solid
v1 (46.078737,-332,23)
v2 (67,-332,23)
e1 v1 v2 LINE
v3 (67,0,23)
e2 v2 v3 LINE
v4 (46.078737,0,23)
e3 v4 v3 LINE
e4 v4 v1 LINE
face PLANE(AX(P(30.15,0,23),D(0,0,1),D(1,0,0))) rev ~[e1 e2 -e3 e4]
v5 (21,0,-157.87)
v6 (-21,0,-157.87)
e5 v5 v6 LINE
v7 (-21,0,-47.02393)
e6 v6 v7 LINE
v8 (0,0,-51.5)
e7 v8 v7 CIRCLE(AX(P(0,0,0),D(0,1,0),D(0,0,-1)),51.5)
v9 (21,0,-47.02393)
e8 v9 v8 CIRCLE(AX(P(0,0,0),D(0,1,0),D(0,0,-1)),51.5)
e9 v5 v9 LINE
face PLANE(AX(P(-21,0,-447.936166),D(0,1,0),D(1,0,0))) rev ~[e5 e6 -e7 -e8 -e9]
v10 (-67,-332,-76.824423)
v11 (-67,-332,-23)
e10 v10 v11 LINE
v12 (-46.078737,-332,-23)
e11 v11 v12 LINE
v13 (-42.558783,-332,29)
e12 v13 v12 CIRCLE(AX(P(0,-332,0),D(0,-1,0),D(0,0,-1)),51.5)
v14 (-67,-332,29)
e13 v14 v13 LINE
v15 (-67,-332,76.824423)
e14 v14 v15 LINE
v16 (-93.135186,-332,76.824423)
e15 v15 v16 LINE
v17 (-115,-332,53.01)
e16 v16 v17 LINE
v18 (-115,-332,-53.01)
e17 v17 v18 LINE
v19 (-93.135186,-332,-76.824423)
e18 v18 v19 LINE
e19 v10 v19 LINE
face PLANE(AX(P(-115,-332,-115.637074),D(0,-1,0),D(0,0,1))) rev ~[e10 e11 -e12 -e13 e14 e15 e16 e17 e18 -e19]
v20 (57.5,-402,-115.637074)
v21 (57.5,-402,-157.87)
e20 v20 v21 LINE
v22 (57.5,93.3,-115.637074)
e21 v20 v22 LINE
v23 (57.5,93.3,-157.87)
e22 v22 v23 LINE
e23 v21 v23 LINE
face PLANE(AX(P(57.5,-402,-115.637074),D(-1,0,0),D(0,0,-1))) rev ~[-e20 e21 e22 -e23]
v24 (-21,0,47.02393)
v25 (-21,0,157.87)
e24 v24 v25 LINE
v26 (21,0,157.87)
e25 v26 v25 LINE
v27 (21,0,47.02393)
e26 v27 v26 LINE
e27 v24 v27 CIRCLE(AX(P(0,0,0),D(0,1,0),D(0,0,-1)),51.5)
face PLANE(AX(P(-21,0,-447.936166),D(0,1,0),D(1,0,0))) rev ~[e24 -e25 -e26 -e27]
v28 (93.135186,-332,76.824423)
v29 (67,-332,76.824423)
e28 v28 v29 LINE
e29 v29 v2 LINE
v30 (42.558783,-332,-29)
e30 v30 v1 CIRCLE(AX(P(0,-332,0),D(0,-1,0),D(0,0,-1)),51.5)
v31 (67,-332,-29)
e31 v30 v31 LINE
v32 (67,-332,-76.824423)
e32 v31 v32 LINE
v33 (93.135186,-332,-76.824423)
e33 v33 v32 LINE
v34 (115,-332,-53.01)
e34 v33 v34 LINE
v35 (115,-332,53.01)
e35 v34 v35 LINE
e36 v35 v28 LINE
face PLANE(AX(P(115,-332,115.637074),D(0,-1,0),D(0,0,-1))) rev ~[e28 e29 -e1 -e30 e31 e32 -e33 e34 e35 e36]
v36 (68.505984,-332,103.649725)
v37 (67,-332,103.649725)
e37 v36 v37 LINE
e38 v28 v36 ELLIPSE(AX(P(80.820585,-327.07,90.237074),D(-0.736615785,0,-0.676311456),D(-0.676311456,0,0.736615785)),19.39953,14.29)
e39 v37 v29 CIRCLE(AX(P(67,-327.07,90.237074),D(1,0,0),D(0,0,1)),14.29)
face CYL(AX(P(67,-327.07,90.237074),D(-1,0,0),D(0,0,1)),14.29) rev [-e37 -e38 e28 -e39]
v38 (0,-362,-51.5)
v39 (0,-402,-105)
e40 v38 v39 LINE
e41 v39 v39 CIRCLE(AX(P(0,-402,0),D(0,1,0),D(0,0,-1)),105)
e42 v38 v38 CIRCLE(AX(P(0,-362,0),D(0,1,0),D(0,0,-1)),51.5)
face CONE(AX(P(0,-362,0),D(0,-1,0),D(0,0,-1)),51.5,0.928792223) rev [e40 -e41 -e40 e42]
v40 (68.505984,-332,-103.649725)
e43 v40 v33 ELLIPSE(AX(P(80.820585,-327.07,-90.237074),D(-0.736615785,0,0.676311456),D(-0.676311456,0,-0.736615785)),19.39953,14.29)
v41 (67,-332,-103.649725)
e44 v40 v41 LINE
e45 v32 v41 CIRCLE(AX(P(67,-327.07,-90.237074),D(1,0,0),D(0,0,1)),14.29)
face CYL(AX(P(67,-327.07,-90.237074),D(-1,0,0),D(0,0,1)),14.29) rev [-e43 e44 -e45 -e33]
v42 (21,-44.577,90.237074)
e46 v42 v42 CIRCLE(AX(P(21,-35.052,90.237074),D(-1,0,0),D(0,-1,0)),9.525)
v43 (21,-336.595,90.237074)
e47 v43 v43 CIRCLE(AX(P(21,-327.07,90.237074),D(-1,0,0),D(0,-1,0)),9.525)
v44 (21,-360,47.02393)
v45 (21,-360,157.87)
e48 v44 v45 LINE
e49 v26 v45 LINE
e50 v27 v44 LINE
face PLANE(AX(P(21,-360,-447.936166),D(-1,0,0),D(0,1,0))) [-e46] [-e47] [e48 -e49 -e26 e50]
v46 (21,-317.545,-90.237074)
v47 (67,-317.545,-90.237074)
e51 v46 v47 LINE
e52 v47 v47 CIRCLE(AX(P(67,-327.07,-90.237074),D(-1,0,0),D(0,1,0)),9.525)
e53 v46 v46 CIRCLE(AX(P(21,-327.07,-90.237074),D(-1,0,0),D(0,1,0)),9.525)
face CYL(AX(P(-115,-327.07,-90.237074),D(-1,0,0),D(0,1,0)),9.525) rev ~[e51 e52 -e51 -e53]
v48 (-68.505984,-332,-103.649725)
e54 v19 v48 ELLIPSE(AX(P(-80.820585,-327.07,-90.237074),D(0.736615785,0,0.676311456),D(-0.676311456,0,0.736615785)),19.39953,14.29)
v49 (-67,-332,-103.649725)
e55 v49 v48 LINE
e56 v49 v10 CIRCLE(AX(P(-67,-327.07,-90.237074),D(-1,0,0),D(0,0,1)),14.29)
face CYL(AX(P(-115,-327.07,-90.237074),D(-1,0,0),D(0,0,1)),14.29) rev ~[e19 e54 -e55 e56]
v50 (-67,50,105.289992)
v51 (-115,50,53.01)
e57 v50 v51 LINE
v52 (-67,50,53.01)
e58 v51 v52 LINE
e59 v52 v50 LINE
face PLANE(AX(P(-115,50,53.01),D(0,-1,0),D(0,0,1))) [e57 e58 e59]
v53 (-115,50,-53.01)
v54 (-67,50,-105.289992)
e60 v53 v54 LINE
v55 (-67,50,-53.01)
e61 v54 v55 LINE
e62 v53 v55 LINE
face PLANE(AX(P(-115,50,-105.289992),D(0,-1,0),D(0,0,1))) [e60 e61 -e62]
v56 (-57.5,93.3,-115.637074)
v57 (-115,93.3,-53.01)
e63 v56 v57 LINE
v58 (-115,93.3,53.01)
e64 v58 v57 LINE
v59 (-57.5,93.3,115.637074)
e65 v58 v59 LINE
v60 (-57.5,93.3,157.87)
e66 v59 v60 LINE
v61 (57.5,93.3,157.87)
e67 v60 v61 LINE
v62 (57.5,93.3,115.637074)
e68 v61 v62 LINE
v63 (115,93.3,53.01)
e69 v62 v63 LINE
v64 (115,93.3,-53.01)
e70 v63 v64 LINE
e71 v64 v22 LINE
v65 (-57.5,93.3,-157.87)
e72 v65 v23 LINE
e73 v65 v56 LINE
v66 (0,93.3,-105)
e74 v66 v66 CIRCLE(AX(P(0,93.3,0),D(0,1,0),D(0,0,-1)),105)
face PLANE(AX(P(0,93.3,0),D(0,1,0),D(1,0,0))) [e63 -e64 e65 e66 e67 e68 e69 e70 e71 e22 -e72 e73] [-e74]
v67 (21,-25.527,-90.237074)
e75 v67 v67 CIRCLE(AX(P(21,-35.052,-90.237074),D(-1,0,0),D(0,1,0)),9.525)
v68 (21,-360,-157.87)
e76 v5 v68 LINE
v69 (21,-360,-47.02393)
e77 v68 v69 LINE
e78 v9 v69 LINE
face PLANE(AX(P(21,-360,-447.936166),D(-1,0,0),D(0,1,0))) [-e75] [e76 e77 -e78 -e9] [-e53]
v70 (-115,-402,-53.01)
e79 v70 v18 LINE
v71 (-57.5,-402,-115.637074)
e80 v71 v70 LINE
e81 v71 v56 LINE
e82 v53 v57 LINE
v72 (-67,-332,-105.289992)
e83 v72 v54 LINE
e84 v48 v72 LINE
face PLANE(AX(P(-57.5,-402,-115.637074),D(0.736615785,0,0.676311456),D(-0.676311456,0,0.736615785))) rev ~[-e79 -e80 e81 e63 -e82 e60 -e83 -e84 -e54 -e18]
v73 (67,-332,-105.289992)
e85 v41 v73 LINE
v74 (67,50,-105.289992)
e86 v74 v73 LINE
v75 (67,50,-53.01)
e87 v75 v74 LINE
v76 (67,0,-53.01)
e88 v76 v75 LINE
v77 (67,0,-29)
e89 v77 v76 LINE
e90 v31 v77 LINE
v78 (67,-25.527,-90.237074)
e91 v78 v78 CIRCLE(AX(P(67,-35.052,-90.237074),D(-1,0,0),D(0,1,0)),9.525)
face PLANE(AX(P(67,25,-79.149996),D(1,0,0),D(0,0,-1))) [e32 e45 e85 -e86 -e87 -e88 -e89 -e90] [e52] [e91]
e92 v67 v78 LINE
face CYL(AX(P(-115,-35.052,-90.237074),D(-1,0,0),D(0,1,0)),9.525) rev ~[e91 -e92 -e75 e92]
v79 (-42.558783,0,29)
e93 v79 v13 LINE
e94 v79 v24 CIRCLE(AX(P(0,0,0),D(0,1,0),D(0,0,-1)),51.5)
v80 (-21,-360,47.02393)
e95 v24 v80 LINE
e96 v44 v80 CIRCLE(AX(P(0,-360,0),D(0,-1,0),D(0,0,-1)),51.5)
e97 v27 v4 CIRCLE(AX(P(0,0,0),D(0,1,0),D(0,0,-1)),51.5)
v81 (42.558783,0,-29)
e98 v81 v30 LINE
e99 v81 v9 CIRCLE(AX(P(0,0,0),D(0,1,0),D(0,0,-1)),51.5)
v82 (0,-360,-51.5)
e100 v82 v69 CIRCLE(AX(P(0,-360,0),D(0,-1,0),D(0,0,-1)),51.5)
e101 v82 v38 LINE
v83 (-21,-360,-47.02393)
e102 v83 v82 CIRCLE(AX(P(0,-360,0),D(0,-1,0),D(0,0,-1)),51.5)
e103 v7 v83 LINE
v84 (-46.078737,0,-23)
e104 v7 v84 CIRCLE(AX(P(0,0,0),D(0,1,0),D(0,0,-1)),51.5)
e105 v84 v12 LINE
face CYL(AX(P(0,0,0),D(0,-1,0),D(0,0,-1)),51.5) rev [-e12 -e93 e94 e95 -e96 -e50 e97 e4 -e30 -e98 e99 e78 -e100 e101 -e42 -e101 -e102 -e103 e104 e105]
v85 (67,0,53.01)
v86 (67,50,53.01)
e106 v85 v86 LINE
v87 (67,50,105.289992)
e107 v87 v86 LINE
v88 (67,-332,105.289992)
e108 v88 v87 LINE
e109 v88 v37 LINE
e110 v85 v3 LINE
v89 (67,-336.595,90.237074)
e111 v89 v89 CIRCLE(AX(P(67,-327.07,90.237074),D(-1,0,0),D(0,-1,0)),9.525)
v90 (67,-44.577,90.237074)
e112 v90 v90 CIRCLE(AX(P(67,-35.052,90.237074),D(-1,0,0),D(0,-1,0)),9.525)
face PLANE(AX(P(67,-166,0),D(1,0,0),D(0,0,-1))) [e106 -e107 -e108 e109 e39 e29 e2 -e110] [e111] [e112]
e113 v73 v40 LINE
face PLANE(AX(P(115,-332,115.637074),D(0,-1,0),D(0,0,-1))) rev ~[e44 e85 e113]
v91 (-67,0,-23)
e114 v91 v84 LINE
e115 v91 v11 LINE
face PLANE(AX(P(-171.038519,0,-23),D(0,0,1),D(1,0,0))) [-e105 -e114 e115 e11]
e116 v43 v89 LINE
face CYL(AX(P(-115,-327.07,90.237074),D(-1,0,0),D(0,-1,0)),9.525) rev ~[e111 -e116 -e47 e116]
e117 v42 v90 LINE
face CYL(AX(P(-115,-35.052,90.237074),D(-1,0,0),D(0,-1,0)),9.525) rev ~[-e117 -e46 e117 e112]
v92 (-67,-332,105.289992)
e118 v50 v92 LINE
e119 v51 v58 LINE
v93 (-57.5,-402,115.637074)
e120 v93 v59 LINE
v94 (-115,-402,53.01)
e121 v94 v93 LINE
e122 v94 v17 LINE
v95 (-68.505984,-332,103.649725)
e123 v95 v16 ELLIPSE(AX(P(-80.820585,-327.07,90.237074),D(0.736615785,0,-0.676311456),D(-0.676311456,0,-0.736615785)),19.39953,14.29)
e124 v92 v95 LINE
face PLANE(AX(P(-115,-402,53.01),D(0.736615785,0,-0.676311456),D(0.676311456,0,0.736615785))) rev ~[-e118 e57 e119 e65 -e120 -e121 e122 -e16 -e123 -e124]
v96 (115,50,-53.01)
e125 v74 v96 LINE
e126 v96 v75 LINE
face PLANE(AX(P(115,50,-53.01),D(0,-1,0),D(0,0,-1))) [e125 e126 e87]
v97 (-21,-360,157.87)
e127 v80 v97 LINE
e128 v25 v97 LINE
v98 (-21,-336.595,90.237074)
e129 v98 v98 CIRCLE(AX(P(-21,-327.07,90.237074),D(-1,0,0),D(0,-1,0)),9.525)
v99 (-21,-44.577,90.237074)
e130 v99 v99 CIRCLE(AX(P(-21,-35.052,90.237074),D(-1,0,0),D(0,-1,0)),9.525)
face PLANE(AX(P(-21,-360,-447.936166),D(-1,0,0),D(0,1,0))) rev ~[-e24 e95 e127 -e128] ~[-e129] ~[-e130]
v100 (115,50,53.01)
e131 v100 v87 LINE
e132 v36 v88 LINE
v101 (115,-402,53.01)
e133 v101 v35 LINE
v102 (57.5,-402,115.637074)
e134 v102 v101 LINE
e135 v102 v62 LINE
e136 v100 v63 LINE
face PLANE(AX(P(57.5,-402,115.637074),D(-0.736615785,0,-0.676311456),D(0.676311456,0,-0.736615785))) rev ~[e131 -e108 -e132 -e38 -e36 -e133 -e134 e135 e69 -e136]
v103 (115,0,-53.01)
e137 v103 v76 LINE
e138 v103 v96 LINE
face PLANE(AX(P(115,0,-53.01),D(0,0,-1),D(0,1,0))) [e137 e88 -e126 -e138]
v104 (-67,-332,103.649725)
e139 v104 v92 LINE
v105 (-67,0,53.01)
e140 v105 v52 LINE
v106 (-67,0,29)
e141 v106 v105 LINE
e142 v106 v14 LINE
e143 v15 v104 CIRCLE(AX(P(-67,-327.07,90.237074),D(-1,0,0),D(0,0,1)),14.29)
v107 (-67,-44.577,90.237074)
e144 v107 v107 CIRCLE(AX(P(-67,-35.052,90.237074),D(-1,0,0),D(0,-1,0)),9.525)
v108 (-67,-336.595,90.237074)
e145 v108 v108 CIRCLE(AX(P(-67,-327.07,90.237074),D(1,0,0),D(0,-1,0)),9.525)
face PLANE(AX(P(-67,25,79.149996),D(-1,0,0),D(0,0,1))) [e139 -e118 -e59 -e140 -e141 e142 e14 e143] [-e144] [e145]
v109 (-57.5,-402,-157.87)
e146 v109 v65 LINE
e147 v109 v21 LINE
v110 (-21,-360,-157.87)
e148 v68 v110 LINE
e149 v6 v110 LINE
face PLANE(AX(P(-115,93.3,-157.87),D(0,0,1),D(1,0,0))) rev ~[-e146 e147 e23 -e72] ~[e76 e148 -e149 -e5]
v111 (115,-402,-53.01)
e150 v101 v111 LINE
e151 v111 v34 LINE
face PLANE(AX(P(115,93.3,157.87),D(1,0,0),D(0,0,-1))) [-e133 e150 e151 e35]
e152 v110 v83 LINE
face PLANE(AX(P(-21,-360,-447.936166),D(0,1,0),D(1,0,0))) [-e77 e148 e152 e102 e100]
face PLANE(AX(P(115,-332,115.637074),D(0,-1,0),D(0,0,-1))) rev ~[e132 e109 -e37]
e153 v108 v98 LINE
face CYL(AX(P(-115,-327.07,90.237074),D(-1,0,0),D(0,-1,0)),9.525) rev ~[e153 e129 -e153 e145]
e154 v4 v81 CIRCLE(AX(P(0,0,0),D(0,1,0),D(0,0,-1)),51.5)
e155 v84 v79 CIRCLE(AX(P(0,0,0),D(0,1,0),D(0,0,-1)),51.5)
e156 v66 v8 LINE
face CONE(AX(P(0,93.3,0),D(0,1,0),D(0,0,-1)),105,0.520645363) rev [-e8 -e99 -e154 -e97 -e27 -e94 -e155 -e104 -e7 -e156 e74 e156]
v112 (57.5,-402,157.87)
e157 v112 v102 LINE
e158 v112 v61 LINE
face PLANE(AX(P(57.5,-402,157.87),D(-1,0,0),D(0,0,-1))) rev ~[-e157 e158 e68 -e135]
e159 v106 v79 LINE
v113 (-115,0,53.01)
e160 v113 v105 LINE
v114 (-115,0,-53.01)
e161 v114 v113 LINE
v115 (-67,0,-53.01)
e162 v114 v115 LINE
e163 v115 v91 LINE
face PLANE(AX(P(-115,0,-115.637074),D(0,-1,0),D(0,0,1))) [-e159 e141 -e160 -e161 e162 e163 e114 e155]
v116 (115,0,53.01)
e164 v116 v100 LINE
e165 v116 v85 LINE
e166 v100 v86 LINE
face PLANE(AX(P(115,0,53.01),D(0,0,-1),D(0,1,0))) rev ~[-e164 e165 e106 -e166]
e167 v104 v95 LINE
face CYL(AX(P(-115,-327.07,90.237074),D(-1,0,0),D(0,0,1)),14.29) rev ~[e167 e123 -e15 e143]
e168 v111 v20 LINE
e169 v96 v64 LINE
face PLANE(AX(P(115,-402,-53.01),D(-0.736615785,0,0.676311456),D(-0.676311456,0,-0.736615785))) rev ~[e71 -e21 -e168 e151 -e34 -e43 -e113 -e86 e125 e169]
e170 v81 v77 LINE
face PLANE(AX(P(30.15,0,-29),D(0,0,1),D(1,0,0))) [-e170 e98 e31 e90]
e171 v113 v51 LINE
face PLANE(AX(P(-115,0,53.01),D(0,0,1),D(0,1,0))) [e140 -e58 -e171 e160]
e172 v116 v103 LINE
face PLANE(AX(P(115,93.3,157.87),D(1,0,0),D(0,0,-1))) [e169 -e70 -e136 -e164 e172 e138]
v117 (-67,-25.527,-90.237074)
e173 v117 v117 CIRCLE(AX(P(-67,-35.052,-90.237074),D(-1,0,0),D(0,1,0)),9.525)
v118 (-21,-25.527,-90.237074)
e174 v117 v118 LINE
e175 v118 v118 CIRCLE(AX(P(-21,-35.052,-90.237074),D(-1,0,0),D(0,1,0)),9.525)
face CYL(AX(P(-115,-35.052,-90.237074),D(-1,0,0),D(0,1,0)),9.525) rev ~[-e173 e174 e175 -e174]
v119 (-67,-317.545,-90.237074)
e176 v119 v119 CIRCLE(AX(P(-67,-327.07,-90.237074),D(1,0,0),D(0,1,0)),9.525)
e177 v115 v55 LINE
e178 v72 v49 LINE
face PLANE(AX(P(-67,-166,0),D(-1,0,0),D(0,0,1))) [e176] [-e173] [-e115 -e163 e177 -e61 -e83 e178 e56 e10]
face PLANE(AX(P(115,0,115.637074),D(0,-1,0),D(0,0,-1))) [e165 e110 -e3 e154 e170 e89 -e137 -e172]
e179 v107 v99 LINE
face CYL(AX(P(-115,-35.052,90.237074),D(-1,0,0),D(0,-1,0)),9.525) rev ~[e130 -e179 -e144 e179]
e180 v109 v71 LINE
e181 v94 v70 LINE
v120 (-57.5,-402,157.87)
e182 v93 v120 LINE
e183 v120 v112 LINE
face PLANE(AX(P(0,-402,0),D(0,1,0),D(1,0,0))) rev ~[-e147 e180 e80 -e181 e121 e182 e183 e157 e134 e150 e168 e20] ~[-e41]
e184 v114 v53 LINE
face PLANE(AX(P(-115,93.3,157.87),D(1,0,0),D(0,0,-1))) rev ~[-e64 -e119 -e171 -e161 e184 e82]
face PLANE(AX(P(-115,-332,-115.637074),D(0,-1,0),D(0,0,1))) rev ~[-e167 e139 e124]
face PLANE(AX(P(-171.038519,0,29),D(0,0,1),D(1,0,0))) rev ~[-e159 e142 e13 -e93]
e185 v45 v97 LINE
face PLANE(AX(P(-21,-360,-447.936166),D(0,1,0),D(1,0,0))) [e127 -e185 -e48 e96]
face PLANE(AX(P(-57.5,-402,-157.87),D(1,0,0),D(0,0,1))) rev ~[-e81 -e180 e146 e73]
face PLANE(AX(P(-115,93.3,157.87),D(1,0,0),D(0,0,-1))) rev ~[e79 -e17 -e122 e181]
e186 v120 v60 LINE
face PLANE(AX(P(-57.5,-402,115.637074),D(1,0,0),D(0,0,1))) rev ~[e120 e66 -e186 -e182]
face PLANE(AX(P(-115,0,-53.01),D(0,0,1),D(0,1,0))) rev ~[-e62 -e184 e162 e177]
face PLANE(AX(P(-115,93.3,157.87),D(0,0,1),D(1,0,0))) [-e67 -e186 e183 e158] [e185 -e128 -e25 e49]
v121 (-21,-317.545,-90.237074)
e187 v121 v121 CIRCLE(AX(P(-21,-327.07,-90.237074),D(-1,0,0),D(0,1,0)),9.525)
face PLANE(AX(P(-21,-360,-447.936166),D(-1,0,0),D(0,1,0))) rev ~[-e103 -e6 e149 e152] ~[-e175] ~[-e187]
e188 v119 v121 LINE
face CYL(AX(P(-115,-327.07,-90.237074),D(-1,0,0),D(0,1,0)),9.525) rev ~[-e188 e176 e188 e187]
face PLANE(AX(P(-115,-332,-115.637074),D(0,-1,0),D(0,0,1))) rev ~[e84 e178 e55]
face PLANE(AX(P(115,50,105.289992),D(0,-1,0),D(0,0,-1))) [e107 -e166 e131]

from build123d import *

# Parameters (mm, degrees)
SALIENTE_EXTRUIR1_DEPTH      = 77.5
SALIENTE_EXTRUIR1_DEPTH_BACK = 77.5
CROQUIS3_W                   = 82.87
CROQUIS3_H                   = 362
CROQUIS4_W                   = 230
CROQUIS4_H                   = 315.74
CROQUIS4_R                   = 110
SALIENTE_EXTRUIR2_DEPTH      = 495.3
CORTAR_EXTRUIR1_DEPTH        = 447.936166471
CORTAR_EXTRUIR1_DEPTH_BACK   = 447.936166471
CROQUIS5_W                   = 42
CROQUIS5_H                   = 360
CROQUIS6_W                   = 140.888518715
CROQUIS6_H                   = 52
CROQUIS6_W_2                 = 161.625356967
CORTAR_EXTRUIR2_DEPTH        = 332
CORTAR_EXTRUIR3_START        = -495.3
CORTAR_EXTRUIR3_DEPTH        = 495.3
CROQUIS12_R                  = 9.525
CORTAR_EXTRUIR9_DEPTH        = 230
CROQUIS15_R                  = 14.29
CORTAR_EXTRUIR10_DEPTH       = 48
CORTAR_EXTRUIR11_START       = -48
CROQUIS16_R                  = 14.29
CORTAR_EXTRUIR11_DEPTH       = 48
CROQUIS18_W                  = 231.274148036
CROQUIS18_H                  = 332
CORTAR_EXTRUIR12_DEPTH       = 48
CROQUIS19_W                  = 231.274148036
CROQUIS19_H                  = 332
CORTAR_EXTRUIR13_DEPTH       = 48
CROQUIS20_W                  = 52.279992223
CROQUIS20_H                  = 50
CORTAR_EXTRUIR14_DEPTH       = 48
CROQUIS21_W                  = 52.279992223
CROQUIS21_H                  = 50
CORTAR_EXTRUIR15_DEPTH       = 48


with BuildPart() as part:
    # Croquis1 → Revolución1 (revolve)
    with BuildSketch(Plane.XY, mode=Mode.PRIVATE) as revoluci_n1_sk:
        Polygon((-110, 93.3), (-105, 93.3), (-51.5, 0), (-51.5, -362), (-105, -402), (-110, -402), align=None)
    revolve(revoluci_n1_sk.sketch.rotate(Axis((0, 0, 0), (0, 1, 0)), 270), axis=Axis((0, 0, 0), (0, 1, 0)))

    # Croquis3 → Saliente-Extruir1 (add, two sides: drawn at the far end of the back side and taken through both)
    with BuildSketch(Plane(origin=(0, 0, 0), x_dir=(0, 0, -1), z_dir=(1, 0, 0)).offset(-SALIENTE_EXTRUIR1_DEPTH_BACK)):
        with Locations((116.435, -181)):
            Rectangle(CROQUIS3_W, CROQUIS3_H)
        with Locations((-116.435, -181)):
            Rectangle(CROQUIS3_W, CROQUIS3_H)
    extrude(amount=SALIENTE_EXTRUIR1_DEPTH + SALIENTE_EXTRUIR1_DEPTH_BACK)

    # Croquis4 → Saliente-Extruir2 (add)
    with BuildSketch(Plane(origin=(0, 93.3, 0), x_dir=(1, 0, 0), z_dir=(0, 1, 0))):
        Rectangle(CROQUIS4_W, CROQUIS4_H)
        Circle(CROQUIS4_R, mode=Mode.SUBTRACT)
    extrude(amount=-SALIENTE_EXTRUIR2_DEPTH)

    # Croquis5 → Cortar-Extruir1 (cut, two sides: drawn at the far end of the back side and taken through both)
    with BuildSketch(Plane.XY.offset(-CORTAR_EXTRUIR1_DEPTH_BACK)):
        with Locations((0, -180)):
            Rectangle(CROQUIS5_W, CROQUIS5_H)
    extrude(amount=CORTAR_EXTRUIR1_DEPTH + CORTAR_EXTRUIR1_DEPTH_BACK, mode=Mode.SUBTRACT)

    # Croquis6 → Cortar-Extruir2 (cut)
    with BuildSketch(Plane(origin=(0, 0, 0), x_dir=(1, 0, 0), z_dir=(0, 1, 0))):
        with Locations((-100.594259358, -3)):
            Rectangle(CROQUIS6_W, CROQUIS6_H)
        with Locations((110.962678484, 3)):
            Rectangle(CROQUIS6_W_2, CROQUIS6_H)
    extrude(amount=-CORTAR_EXTRUIR2_DEPTH, mode=Mode.SUBTRACT)

    # Croquis7 → Cortar-Extruir3 (cut)
    with BuildSketch(Plane(origin=(0, 93.3, 0), x_dir=(1, 0, 0), z_dir=(0, 1, 0)).offset(CORTAR_EXTRUIR3_START)):
        Polygon((-115, 157.87), (-57.5, 157.87), (-57.5, 115.637074018), (-115, 53.01), align=None)
        Polygon((57.5, 115.637074018), (57.5, 157.87), (115, 157.87), (115, 53.01), align=None)
        Polygon((115, -157.87), (57.5, -157.87), (57.5, -115.637074018), (115, -53.01), align=None)
        Polygon((-57.5, -115.637074018), (-57.5, -157.87), (-115, -157.87), (-115, -53.01), align=None)
    extrude(amount=CORTAR_EXTRUIR3_DEPTH, mode=Mode.SUBTRACT)

    # Croquis12 → Cortar-Extruir9 (cut)
    with BuildSketch(Plane.ZY.offset(115)):
        with Locations(Location((-90.237074018, -327.07, 0), (0, 0, 90))):
            Circle(CROQUIS12_R)
        with Locations(Location((-90.237074018, -35.052, 0), (0, 0, 90))):
            Circle(CROQUIS12_R)
        with Locations(Location((90.237074018, -35.052, 0), (0, 0, 270))):
            Circle(CROQUIS12_R)
        with Locations(Location((90.237074018, -327.07, 0), (0, 0, 270))):
            Circle(CROQUIS12_R)
    extrude(amount=-CORTAR_EXTRUIR9_DEPTH, mode=Mode.SUBTRACT)

    # Croquis15 → Cortar-Extruir10 (cut)
    with BuildSketch(Plane.ZY.offset(115)):
        with Locations((-90.237074018, -35.052)):
            Circle(CROQUIS15_R)
        with Locations((90.237074018, -35.052)):
            Circle(CROQUIS15_R)
        with Locations((90.237074018, -327.07)):
            Circle(CROQUIS15_R)
        with Locations((-90.237074018, -327.07)):
            Circle(CROQUIS15_R)
    extrude(amount=-CORTAR_EXTRUIR10_DEPTH, mode=Mode.SUBTRACT)

    # Croquis16 → Cortar-Extruir11 (cut)
    with BuildSketch(Plane(origin=(115, 0, 0), x_dir=(0, 0, -1), z_dir=(1, 0, 0)).offset(CORTAR_EXTRUIR11_START)):
        with Locations(Location((-90.237074018, -35.052, 0), (0, 0, 180))):
            Circle(CROQUIS16_R)
        with Locations(Location((90.237074018, -35.052, 0), (0, 0, 180))):
            Circle(CROQUIS16_R)
        with Locations(Location((90.237074018, -327.07, 0), (0, 0, 180))):
            Circle(CROQUIS16_R)
        with Locations(Location((-90.237074018, -327.07, 0), (0, 0, 180))):
            Circle(CROQUIS16_R)
    extrude(amount=CORTAR_EXTRUIR11_DEPTH, mode=Mode.SUBTRACT)

    # Croquis18 → Cortar-Extruir12 (cut)
    with BuildSketch(Plane(origin=(115, 0, 0), x_dir=(0, 0, -1), z_dir=(1, 0, 0))):
        with Locations((0, -166)):
            Rectangle(CROQUIS18_W, CROQUIS18_H)
    extrude(amount=-CORTAR_EXTRUIR12_DEPTH, mode=Mode.SUBTRACT)

    # Croquis19 → Cortar-Extruir13 (cut)
    with BuildSketch(Plane.ZY.offset(115)):
        with Locations((0, -166)):
            Rectangle(CROQUIS19_W, CROQUIS19_H)
    extrude(amount=-CORTAR_EXTRUIR13_DEPTH, mode=Mode.SUBTRACT)

    # Croquis20 → Cortar-Extruir14 (cut)
    with BuildSketch(Plane.ZY.offset(115)):
        with Locations((-79.149996112, 25)):
            Rectangle(CROQUIS20_W, CROQUIS20_H)
        with Locations((79.149996112, 25)):
            Rectangle(CROQUIS20_W, CROQUIS20_H)
    extrude(amount=-CORTAR_EXTRUIR14_DEPTH, mode=Mode.SUBTRACT)

    # Croquis21 → Cortar-Extruir15 (cut)
    with BuildSketch(Plane(origin=(115, 0, 0), x_dir=(0, 0, -1), z_dir=(1, 0, 0))):
        with Locations((79.149996112, 25)):
            Rectangle(CROQUIS21_W, CROQUIS21_H)
        with Locations((-79.149996112, 25)):
            Rectangle(CROQUIS21_W, CROQUIS21_H)
    extrude(amount=-CORTAR_EXTRUIR15_DEPTH, mode=Mode.SUBTRACT)


solid = part.part
